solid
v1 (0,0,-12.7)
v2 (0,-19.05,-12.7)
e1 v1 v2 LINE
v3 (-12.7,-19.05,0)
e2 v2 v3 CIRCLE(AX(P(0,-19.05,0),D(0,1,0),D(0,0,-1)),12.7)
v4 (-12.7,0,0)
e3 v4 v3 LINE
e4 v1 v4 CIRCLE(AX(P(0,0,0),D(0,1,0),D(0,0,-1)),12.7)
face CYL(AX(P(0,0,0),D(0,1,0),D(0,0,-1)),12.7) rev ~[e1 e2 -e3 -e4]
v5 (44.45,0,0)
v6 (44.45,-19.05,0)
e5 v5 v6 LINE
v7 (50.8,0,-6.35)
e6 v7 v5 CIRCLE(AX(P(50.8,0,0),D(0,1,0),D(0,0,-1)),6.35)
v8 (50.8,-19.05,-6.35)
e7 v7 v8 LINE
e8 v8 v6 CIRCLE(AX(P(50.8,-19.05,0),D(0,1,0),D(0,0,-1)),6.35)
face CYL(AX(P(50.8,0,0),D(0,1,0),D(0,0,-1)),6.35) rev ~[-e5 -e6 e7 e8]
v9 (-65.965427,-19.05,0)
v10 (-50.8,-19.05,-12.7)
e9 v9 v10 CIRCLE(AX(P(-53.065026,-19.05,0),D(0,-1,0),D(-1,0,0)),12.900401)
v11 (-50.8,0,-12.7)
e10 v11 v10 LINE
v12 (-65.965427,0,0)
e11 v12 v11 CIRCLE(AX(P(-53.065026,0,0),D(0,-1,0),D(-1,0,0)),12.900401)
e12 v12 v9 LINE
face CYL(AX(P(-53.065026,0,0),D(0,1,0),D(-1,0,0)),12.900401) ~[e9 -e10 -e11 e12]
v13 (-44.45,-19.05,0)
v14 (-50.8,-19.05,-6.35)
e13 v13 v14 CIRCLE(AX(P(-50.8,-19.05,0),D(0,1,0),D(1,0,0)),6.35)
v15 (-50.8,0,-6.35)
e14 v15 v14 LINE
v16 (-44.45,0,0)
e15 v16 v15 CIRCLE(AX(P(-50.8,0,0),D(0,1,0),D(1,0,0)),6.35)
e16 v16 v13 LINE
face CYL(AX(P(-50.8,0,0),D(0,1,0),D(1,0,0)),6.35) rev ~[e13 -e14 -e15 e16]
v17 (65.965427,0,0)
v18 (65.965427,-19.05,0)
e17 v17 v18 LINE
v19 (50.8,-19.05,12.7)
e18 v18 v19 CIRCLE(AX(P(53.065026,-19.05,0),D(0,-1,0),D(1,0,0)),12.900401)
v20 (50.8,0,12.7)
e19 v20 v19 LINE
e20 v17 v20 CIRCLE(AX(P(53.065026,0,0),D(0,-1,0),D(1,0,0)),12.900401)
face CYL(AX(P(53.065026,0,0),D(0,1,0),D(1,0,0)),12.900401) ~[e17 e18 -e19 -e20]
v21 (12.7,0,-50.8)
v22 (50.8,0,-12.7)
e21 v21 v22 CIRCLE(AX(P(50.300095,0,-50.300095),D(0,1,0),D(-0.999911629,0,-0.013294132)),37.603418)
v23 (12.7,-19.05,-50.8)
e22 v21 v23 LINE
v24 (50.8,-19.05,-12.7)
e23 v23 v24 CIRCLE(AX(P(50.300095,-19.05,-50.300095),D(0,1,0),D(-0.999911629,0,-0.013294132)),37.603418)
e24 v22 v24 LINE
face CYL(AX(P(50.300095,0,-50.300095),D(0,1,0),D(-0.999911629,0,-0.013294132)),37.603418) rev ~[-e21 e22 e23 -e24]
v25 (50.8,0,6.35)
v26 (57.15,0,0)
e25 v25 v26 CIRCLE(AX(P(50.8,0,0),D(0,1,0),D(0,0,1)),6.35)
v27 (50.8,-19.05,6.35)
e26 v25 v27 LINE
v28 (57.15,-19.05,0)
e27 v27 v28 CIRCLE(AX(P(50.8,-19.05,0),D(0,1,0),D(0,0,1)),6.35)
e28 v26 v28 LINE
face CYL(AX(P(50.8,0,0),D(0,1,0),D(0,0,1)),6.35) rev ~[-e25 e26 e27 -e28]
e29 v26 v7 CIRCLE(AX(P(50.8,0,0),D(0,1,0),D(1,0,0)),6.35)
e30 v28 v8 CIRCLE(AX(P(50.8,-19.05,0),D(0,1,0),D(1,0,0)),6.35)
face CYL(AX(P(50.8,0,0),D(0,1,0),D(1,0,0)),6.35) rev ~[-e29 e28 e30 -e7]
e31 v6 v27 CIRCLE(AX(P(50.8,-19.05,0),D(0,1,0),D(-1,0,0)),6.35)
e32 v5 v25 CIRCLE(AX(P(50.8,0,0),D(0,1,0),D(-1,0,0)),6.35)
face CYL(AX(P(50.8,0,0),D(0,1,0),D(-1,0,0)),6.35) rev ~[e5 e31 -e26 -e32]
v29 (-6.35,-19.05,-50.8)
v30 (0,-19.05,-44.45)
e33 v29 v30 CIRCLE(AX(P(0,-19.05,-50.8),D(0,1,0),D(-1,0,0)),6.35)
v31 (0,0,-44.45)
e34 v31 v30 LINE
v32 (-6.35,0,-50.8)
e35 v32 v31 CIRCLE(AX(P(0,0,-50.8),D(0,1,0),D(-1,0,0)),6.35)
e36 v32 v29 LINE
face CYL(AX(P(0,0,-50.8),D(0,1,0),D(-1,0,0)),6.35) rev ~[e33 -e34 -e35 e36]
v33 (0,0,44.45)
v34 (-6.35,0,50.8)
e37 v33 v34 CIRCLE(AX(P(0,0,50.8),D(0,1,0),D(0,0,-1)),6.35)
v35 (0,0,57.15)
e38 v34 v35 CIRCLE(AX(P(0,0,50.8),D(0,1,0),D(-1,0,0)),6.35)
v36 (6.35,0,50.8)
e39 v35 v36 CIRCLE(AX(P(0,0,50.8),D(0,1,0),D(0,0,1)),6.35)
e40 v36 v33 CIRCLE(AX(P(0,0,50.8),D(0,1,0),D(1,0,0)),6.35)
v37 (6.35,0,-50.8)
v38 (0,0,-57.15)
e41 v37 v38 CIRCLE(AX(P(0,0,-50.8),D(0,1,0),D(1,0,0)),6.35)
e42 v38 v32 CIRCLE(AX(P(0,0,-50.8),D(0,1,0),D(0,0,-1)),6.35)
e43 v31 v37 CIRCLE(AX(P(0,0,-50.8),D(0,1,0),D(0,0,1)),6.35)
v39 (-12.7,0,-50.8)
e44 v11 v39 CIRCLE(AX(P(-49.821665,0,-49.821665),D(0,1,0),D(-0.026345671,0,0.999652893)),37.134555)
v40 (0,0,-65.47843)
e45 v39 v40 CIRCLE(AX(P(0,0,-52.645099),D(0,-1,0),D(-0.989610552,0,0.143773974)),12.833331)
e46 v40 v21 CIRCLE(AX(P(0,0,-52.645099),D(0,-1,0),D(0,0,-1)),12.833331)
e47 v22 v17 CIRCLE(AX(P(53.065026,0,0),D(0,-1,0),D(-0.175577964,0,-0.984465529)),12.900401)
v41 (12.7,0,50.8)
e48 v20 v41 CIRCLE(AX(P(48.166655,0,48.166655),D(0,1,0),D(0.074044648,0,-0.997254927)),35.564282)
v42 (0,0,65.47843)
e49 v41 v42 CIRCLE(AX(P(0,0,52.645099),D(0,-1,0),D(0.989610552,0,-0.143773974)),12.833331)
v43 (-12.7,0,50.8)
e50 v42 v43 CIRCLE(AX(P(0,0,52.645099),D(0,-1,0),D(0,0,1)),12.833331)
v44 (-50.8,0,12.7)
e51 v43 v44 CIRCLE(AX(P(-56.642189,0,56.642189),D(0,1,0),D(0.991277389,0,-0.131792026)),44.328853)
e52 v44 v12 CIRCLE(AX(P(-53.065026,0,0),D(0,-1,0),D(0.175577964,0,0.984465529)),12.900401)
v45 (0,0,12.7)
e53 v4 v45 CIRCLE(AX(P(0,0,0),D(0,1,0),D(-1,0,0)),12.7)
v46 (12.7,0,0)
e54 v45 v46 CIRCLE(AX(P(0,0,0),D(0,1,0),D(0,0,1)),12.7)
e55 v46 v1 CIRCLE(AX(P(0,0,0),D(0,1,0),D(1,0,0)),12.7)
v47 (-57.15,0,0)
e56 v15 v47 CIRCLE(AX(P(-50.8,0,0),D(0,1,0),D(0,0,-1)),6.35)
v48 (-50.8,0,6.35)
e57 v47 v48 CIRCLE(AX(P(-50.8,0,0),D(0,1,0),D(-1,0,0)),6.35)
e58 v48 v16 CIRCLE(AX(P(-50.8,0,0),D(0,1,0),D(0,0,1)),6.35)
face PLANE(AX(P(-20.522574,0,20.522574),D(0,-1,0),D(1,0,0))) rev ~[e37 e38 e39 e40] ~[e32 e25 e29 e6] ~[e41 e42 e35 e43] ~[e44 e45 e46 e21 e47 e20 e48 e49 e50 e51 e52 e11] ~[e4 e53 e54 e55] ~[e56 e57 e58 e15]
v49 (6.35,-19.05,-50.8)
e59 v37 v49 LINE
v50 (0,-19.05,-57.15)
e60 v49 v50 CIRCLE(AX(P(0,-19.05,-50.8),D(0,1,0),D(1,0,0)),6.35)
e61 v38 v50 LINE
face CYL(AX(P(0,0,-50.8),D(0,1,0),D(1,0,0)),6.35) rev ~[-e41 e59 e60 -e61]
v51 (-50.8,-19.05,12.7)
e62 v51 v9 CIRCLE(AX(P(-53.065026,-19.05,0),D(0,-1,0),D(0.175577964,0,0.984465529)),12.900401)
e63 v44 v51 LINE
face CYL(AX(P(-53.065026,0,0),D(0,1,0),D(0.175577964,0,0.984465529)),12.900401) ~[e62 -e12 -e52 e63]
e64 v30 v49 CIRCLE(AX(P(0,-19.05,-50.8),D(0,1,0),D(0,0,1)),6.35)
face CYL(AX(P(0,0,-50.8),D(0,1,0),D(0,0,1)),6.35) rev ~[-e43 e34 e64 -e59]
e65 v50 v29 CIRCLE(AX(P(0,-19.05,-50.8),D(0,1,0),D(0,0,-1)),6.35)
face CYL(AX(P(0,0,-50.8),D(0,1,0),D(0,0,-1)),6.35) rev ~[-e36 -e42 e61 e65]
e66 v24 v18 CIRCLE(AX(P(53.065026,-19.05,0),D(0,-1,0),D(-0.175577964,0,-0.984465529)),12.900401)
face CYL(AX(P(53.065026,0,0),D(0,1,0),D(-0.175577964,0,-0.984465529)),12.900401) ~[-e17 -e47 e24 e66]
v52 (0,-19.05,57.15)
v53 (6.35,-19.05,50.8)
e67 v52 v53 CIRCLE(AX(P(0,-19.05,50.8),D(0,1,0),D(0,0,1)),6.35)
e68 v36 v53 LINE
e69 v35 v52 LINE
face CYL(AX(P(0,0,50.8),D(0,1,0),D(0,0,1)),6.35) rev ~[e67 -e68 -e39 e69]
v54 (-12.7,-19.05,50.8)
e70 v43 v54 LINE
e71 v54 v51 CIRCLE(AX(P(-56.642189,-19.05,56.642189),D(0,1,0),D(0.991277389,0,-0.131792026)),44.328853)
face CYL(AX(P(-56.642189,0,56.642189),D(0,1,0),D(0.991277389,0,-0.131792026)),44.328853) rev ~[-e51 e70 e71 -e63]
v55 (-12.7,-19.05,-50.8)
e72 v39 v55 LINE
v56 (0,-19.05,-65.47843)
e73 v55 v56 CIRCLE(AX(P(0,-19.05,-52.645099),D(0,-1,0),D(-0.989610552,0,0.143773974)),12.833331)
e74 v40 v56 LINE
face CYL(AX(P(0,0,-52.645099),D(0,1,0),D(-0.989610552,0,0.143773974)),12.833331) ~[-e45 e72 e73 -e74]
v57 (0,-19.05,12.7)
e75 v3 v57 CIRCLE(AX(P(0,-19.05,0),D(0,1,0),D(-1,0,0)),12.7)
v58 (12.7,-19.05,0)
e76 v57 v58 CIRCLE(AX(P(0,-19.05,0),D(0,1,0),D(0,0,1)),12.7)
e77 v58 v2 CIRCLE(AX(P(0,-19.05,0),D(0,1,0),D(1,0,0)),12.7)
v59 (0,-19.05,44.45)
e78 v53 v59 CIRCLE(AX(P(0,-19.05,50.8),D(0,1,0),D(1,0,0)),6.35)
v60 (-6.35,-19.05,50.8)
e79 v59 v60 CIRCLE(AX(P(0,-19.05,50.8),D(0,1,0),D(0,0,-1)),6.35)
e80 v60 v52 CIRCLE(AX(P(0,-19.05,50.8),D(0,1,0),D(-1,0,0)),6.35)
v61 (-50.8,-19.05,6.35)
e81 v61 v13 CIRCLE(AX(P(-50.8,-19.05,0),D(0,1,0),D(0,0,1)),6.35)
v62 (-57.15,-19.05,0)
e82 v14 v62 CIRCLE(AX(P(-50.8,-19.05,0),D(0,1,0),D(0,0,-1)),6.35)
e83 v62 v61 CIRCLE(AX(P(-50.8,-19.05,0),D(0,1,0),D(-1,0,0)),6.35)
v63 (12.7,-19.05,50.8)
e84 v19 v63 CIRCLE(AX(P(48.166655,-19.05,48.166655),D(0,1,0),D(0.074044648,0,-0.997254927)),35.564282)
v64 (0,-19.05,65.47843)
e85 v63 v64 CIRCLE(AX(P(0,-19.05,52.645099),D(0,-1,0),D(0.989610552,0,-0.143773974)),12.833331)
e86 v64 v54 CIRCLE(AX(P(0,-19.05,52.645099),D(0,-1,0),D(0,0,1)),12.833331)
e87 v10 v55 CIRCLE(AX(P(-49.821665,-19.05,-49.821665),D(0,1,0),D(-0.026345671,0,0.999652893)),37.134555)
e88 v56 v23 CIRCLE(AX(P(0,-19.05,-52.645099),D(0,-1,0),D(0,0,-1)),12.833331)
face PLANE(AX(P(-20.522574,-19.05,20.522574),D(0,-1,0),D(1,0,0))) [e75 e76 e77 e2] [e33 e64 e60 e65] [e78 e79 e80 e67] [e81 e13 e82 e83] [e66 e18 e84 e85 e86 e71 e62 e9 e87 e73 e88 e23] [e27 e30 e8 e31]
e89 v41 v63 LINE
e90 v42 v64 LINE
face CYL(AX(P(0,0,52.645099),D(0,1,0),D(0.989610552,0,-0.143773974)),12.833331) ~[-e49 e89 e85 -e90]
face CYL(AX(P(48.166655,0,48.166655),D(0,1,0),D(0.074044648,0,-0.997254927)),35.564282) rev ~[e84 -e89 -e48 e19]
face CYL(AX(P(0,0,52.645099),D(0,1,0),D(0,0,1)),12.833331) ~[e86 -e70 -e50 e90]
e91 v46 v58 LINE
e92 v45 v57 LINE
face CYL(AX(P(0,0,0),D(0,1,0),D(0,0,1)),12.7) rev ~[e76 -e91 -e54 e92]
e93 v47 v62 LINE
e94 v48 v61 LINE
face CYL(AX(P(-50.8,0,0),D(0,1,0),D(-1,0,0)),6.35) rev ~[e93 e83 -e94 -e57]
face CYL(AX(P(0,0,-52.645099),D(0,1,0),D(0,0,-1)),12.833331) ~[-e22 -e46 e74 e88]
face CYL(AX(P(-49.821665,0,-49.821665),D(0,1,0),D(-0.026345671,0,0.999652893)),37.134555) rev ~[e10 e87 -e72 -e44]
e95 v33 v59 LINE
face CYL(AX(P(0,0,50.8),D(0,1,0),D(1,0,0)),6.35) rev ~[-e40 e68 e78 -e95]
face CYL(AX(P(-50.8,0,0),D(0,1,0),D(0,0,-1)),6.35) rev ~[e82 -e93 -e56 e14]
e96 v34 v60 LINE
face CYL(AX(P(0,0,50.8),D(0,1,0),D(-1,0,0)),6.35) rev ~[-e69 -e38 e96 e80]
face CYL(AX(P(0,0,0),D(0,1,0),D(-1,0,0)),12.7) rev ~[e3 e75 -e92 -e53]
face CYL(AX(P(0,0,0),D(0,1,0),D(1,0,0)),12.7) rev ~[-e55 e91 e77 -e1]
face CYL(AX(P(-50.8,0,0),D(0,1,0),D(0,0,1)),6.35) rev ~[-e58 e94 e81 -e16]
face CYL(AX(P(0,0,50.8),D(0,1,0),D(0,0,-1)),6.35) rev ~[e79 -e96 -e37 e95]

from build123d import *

# Parameters (mm, degrees)
F1_DEPTH = 19.05


with BuildPart() as f1:
    # F0 (on Front) → F1 (new body)
    with BuildSketch(Plane.XZ):
        with BuildLine():
            ThreePointArc((-12.7, 0), (-8.9802561211, 8.9802561211), (0, 12.7))
            Line((0, 12.7), (0, 44.45))
            ThreePointArc((0, 44.45), (-4.4901280605, 46.3098719395), (-6.35, 50.8))
            Line((-6.35, 50.8), (-12.7, 50.8))
            ThreePointArc((-12.7, 50.8), (-25.2969569936, 25.2969569936), (-50.8, 12.7))
            Line((-50.8, 12.7), (-50.8, 6.35))
            ThreePointArc((-50.8, 6.35), (-46.3098719395, 4.4901280605), (-44.45, 0))
            Line((-44.45, 0), (-12.7, 0))
        make_face()
        with BuildLine():
            ThreePointArc((0, 12.7), (8.9802561211, 8.9802561211), (12.7, 0))
            Line((12.7, 0), (44.45, 0))
            ThreePointArc((44.45, 0), (46.3098719395, 4.4901280605), (50.8, 6.35))
            Line((50.8, 6.35), (50.8, 12.7))
            ThreePointArc((50.8, 12.7), (23.0189104419, 23.0189104419), (12.7, 50.8))
            Line((12.7, 50.8), (6.35, 50.8))
            ThreePointArc((6.35, 50.8), (4.4901280605, 46.3098719395), (0, 44.45))
            Line((0, 44.45), (0, 12.7))
        make_face()
        with BuildLine():
            ThreePointArc((0, 57.15), (4.4901280605, 55.2901280605), (6.35, 50.8))
            Line((6.35, 50.8), (12.7, 50.8))
            ThreePointArc((12.7, 50.8), (9.7049770079, 61.0419920105), (0, 65.47843026))
            Line((0, 65.47843026), (0, 57.15))
        make_face()
        with BuildLine():
            Line((-12.7, 50.8), (-6.35, 50.8))
            ThreePointArc((-6.35, 50.8), (-4.4901280605, 55.2901280605), (0, 57.15))
            Line((0, 57.15), (0, 65.47843026))
            ThreePointArc((0, 65.47843026), (-9.7049770079, 61.0419920105), (-12.7, 50.8))
        make_face()
        with BuildLine():
            ThreePointArc((-57.15, 0), (-55.2901280605, 4.4901280605), (-50.8, 6.35))
            Line((-50.8, 6.35), (-50.8, 12.7))
            ThreePointArc((-50.8, 12.7), (-61.3475558843, 9.8904016225), (-65.9654270304, 0))
            Line((-65.9654270304, 0), (-57.15, 0))
        make_face()
        with BuildLine():
            Line((-50.8, -12.7), (-50.8, -6.35))
            ThreePointArc((-50.8, -6.35), (-55.2901280605, -4.4901280605), (-57.15, 0))
            Line((-57.15, 0), (-65.9654270304, 0))
            ThreePointArc((-65.9654270304, 0), (-61.3475558843, -9.8904016225), (-50.8, -12.7))
        make_face()
        with BuildLine():
            Line((0, -44.45), (0, -12.7))
            ThreePointArc((0, -12.7), (-8.9802561211, -8.9802561211), (-12.7, 0))
            Line((-12.7, 0), (-44.45, 0))
            ThreePointArc((-44.45, 0), (-46.3098719395, -4.4901280605), (-50.8, -6.35))
            Line((-50.8, -6.35), (-50.8, -12.7))
            ThreePointArc((-50.8, -12.7), (-23.5635696422, -23.5635696422), (-12.7, -50.8))
            Line((-12.7, -50.8), (-6.35, -50.8))
            ThreePointArc((-6.35, -50.8), (-4.4901280605, -46.3098719395), (0, -44.45))
        make_face()
        with BuildLine():
            Line((44.45, 0), (12.7, 0))
            ThreePointArc((12.7, 0), (8.9802561211, -8.9802561211), (0, -12.7))
            Line((0, -12.7), (0, -44.45))
            ThreePointArc((0, -44.45), (4.4901280605, -46.3098719395), (6.35, -50.8))
            Line((6.35, -50.8), (12.7, -50.8))
            ThreePointArc((12.7, -50.8), (23.7104631653, -23.7104631653), (50.8, -12.7))
            Line((50.8, -12.7), (50.8, -6.35))
            ThreePointArc((50.8, -6.35), (46.3098719395, -4.4901280605), (44.45, 0))
        make_face()
        with BuildLine():
            ThreePointArc((57.15, 0), (55.2901280605, -4.4901280605), (50.8, -6.35))
            Line((50.8, -6.35), (50.8, -12.7))
            ThreePointArc((50.8, -12.7), (61.3475558843, -9.8904016225), (65.9654270304, 0))
            Line((65.9654270304, 0), (57.15, 0))
        make_face()
        with BuildLine():
            Line((12.7, -50.8), (6.35, -50.8))
            ThreePointArc((6.35, -50.8), (4.4901280605, -55.2901280605), (0, -57.15))
            Line((0, -57.15), (0, -65.47843026))
            ThreePointArc((0, -65.47843026), (9.7049770079, -61.0419920105), (12.7, -50.8))
        make_face()
        with BuildLine():
            ThreePointArc((0, -57.15), (-4.4901280605, -55.2901280605), (-6.35, -50.8))
            Line((-6.35, -50.8), (-12.7, -50.8))
            ThreePointArc((-12.7, -50.8), (-9.7049770079, -61.0419920105), (0, -65.47843026))
            Line((0, -65.47843026), (0, -57.15))
        make_face()
        with BuildLine():
            Line((50.8, 12.7), (50.8, 6.35))
            ThreePointArc((50.8, 6.35), (55.2901280605, 4.4901280605), (57.15, 0))
            Line((57.15, 0), (65.9654270304, 0))
            ThreePointArc((65.9654270304, 0), (61.3475558843, 9.8904016225), (50.8, 12.7))
        make_face()
    extrude(amount=F1_DEPTH)


solid = f1.part
